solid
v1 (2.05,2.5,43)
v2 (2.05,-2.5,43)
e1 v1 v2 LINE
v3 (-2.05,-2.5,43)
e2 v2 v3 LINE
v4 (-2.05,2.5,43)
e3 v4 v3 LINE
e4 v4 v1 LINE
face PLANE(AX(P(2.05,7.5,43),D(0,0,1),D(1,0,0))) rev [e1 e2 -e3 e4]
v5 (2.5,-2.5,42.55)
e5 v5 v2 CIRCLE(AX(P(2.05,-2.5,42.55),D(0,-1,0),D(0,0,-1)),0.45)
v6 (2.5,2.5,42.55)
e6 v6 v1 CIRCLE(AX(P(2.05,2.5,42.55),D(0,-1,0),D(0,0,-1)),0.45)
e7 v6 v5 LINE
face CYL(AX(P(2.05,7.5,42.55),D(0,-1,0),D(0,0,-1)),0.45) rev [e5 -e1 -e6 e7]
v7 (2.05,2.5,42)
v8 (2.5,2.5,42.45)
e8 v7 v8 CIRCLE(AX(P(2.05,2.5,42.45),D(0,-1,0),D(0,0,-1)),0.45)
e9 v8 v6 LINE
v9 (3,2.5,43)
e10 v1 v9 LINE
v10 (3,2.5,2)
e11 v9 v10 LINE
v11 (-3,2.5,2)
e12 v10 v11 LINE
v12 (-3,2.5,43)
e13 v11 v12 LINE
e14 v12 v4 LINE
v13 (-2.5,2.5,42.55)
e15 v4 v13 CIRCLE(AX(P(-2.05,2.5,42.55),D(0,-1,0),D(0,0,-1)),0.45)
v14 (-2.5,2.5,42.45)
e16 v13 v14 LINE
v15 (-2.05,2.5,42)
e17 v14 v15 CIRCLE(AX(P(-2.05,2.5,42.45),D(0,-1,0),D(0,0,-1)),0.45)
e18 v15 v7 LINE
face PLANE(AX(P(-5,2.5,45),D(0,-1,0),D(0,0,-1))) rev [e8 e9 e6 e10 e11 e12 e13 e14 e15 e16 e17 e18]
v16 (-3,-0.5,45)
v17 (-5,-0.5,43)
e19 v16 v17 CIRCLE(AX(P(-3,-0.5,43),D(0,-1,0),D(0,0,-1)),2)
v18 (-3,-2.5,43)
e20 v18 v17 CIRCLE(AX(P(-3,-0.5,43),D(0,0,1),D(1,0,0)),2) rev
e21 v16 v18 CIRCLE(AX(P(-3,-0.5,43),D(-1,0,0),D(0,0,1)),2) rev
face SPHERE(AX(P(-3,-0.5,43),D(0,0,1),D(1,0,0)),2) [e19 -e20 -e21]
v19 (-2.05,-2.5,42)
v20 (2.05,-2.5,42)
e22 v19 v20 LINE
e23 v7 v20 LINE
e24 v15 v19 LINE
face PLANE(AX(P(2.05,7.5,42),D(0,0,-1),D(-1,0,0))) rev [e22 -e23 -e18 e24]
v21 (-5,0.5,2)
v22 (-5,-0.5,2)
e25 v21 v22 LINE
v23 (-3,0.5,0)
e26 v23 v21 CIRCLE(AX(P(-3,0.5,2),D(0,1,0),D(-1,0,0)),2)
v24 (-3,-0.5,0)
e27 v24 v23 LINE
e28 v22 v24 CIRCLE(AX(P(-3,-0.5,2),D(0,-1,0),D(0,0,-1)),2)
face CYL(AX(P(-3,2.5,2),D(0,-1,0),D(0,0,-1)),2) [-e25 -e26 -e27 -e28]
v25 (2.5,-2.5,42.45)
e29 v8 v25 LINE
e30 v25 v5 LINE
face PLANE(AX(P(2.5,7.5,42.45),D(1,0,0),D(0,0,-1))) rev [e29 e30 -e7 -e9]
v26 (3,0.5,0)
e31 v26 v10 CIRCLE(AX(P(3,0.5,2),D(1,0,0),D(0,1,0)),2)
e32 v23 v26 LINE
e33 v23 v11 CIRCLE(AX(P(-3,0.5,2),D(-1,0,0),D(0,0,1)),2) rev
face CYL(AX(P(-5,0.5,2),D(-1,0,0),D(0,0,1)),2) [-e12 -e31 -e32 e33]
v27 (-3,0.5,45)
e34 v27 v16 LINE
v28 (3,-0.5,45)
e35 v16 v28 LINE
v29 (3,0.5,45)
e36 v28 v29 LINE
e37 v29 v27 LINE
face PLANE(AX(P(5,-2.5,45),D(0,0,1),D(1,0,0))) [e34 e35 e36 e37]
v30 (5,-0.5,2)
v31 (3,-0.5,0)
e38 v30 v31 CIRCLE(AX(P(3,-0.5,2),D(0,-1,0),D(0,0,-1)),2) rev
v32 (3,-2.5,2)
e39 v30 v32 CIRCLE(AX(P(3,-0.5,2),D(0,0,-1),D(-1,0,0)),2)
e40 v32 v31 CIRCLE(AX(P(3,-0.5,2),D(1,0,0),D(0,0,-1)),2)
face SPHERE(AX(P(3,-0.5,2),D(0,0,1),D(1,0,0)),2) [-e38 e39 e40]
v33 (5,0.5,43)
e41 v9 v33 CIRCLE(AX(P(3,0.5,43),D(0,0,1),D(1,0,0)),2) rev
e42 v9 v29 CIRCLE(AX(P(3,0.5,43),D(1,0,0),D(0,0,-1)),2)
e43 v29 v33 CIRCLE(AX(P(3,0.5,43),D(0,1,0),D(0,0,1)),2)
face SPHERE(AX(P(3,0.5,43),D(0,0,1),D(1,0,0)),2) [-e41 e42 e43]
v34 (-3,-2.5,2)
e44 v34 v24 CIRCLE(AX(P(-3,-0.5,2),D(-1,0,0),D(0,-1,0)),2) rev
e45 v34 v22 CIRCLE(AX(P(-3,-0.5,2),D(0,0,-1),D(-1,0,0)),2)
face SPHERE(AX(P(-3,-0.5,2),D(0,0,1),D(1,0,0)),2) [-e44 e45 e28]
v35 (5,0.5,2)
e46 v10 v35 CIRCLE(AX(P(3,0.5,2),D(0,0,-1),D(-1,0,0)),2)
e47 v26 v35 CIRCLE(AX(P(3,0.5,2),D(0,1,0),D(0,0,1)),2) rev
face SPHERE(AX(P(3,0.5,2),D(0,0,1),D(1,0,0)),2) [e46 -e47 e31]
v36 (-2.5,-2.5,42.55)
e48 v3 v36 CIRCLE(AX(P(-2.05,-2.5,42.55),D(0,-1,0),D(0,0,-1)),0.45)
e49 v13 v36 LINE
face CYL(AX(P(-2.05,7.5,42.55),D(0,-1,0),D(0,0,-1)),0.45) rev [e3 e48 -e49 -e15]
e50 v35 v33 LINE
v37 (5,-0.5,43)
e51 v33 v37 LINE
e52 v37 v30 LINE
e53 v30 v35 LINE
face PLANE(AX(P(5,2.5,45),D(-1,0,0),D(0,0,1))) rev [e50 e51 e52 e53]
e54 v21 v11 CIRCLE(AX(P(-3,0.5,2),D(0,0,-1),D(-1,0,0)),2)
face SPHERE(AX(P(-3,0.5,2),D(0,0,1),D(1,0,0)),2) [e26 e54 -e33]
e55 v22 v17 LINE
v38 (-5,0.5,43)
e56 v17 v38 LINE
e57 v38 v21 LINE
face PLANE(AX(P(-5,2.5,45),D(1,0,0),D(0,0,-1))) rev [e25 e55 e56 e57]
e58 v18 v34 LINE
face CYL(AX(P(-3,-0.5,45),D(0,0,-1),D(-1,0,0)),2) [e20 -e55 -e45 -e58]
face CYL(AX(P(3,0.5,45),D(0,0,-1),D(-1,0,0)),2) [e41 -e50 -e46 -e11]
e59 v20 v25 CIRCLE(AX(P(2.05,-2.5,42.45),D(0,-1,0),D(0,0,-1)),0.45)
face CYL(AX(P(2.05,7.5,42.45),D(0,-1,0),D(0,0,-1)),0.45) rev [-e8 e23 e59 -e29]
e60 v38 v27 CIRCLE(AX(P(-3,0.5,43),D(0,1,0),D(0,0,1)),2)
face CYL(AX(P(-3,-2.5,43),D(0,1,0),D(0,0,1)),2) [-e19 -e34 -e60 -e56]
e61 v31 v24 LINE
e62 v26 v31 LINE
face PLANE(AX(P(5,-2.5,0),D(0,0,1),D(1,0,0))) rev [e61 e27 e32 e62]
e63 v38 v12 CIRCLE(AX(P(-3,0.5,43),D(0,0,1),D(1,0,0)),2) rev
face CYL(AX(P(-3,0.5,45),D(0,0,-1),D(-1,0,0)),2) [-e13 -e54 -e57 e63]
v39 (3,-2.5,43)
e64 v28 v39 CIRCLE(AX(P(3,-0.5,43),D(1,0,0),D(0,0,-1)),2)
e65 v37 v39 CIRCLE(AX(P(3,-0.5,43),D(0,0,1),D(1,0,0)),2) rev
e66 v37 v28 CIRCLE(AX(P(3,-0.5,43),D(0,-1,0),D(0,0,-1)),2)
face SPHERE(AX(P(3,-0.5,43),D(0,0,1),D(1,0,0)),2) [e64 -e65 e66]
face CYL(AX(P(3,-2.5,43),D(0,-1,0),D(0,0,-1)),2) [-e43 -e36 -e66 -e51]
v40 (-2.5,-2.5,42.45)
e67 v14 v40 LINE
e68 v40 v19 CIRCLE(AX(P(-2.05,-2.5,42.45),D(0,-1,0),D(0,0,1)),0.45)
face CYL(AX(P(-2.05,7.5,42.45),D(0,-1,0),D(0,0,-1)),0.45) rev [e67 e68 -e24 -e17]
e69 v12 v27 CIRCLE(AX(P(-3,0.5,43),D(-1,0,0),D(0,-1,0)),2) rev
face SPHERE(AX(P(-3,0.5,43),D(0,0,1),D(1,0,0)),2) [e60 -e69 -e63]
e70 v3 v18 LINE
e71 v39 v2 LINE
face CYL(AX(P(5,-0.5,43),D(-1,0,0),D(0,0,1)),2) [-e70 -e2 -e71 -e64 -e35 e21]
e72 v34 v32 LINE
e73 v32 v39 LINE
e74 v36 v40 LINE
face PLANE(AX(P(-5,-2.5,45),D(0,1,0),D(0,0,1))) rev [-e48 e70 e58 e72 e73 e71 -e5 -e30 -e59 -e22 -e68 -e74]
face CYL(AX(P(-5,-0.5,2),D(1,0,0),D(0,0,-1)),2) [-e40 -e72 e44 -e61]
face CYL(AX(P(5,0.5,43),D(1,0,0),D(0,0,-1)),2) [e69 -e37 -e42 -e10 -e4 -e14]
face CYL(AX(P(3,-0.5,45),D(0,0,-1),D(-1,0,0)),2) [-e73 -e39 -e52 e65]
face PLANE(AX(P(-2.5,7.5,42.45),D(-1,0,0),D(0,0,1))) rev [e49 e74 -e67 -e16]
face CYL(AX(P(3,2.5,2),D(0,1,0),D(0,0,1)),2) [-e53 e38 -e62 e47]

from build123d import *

# Parameters (mm, degrees)
SKETCH1_W           = 10
SKETCH1_H           = 5
BOSS_EXTRUDE1_DEPTH = 45
FILLET1_R           = 2
CUT_EXTRUDE1_DEPTH  = 10


with BuildPart() as part:
    # Sketch1 → Boss-Extrude1 (new body)
    with BuildSketch(Plane.XY):
        Rectangle(SKETCH1_W, SKETCH1_H)
    extrude(amount=BOSS_EXTRUDE1_DEPTH)

    # Fillet1
    fillet1_edges = [part.edges().sort_by_distance(p)[0] for p in [
        (-5, 0, 45),
        (0, -2.5, 45),
        (5, 0, 45),
        (0, -2.5, 0),
        (-5, 0, 0),
        (0, 2.5, 0),
        (5, 0, 0),
        (0, 2.5, 45),
        (5, -2.5, 22.5),
        (-5, -2.5, 22.5),
        (-5, 2.5, 22.5),
        (5, 2.5, 22.5),
    ]]
    fillet(fillet1_edges, radius=FILLET1_R)

    # Sketch2 → Cut-Extrude1 (cut)
    with BuildSketch(Plane.XZ.offset(2.5)):
        with BuildLine():
            Line((2.05, 42), (-2.05, 42))
            ThreePointArc((-2.05, 42), (-2.368198052, 42.131801948), (-2.5, 42.45))
            Line((-2.5, 42.45), (-2.5, 42.55))
            ThreePointArc((-2.5, 42.55), (-2.368198052, 42.868198052), (-2.05, 43))
            Line((-2.05, 43), (2.05, 43))
            ThreePointArc((2.05, 43), (2.368198052, 42.868198052), (2.5, 42.55))
            Line((2.5, 42.55), (2.5, 42.45))
            ThreePointArc((2.5, 42.45), (2.368198052, 42.131801948), (2.05, 42))
        make_face()
    extrude(amount=-CUT_EXTRUDE1_DEPTH, mode=Mode.SUBTRACT)


solid = part.part
